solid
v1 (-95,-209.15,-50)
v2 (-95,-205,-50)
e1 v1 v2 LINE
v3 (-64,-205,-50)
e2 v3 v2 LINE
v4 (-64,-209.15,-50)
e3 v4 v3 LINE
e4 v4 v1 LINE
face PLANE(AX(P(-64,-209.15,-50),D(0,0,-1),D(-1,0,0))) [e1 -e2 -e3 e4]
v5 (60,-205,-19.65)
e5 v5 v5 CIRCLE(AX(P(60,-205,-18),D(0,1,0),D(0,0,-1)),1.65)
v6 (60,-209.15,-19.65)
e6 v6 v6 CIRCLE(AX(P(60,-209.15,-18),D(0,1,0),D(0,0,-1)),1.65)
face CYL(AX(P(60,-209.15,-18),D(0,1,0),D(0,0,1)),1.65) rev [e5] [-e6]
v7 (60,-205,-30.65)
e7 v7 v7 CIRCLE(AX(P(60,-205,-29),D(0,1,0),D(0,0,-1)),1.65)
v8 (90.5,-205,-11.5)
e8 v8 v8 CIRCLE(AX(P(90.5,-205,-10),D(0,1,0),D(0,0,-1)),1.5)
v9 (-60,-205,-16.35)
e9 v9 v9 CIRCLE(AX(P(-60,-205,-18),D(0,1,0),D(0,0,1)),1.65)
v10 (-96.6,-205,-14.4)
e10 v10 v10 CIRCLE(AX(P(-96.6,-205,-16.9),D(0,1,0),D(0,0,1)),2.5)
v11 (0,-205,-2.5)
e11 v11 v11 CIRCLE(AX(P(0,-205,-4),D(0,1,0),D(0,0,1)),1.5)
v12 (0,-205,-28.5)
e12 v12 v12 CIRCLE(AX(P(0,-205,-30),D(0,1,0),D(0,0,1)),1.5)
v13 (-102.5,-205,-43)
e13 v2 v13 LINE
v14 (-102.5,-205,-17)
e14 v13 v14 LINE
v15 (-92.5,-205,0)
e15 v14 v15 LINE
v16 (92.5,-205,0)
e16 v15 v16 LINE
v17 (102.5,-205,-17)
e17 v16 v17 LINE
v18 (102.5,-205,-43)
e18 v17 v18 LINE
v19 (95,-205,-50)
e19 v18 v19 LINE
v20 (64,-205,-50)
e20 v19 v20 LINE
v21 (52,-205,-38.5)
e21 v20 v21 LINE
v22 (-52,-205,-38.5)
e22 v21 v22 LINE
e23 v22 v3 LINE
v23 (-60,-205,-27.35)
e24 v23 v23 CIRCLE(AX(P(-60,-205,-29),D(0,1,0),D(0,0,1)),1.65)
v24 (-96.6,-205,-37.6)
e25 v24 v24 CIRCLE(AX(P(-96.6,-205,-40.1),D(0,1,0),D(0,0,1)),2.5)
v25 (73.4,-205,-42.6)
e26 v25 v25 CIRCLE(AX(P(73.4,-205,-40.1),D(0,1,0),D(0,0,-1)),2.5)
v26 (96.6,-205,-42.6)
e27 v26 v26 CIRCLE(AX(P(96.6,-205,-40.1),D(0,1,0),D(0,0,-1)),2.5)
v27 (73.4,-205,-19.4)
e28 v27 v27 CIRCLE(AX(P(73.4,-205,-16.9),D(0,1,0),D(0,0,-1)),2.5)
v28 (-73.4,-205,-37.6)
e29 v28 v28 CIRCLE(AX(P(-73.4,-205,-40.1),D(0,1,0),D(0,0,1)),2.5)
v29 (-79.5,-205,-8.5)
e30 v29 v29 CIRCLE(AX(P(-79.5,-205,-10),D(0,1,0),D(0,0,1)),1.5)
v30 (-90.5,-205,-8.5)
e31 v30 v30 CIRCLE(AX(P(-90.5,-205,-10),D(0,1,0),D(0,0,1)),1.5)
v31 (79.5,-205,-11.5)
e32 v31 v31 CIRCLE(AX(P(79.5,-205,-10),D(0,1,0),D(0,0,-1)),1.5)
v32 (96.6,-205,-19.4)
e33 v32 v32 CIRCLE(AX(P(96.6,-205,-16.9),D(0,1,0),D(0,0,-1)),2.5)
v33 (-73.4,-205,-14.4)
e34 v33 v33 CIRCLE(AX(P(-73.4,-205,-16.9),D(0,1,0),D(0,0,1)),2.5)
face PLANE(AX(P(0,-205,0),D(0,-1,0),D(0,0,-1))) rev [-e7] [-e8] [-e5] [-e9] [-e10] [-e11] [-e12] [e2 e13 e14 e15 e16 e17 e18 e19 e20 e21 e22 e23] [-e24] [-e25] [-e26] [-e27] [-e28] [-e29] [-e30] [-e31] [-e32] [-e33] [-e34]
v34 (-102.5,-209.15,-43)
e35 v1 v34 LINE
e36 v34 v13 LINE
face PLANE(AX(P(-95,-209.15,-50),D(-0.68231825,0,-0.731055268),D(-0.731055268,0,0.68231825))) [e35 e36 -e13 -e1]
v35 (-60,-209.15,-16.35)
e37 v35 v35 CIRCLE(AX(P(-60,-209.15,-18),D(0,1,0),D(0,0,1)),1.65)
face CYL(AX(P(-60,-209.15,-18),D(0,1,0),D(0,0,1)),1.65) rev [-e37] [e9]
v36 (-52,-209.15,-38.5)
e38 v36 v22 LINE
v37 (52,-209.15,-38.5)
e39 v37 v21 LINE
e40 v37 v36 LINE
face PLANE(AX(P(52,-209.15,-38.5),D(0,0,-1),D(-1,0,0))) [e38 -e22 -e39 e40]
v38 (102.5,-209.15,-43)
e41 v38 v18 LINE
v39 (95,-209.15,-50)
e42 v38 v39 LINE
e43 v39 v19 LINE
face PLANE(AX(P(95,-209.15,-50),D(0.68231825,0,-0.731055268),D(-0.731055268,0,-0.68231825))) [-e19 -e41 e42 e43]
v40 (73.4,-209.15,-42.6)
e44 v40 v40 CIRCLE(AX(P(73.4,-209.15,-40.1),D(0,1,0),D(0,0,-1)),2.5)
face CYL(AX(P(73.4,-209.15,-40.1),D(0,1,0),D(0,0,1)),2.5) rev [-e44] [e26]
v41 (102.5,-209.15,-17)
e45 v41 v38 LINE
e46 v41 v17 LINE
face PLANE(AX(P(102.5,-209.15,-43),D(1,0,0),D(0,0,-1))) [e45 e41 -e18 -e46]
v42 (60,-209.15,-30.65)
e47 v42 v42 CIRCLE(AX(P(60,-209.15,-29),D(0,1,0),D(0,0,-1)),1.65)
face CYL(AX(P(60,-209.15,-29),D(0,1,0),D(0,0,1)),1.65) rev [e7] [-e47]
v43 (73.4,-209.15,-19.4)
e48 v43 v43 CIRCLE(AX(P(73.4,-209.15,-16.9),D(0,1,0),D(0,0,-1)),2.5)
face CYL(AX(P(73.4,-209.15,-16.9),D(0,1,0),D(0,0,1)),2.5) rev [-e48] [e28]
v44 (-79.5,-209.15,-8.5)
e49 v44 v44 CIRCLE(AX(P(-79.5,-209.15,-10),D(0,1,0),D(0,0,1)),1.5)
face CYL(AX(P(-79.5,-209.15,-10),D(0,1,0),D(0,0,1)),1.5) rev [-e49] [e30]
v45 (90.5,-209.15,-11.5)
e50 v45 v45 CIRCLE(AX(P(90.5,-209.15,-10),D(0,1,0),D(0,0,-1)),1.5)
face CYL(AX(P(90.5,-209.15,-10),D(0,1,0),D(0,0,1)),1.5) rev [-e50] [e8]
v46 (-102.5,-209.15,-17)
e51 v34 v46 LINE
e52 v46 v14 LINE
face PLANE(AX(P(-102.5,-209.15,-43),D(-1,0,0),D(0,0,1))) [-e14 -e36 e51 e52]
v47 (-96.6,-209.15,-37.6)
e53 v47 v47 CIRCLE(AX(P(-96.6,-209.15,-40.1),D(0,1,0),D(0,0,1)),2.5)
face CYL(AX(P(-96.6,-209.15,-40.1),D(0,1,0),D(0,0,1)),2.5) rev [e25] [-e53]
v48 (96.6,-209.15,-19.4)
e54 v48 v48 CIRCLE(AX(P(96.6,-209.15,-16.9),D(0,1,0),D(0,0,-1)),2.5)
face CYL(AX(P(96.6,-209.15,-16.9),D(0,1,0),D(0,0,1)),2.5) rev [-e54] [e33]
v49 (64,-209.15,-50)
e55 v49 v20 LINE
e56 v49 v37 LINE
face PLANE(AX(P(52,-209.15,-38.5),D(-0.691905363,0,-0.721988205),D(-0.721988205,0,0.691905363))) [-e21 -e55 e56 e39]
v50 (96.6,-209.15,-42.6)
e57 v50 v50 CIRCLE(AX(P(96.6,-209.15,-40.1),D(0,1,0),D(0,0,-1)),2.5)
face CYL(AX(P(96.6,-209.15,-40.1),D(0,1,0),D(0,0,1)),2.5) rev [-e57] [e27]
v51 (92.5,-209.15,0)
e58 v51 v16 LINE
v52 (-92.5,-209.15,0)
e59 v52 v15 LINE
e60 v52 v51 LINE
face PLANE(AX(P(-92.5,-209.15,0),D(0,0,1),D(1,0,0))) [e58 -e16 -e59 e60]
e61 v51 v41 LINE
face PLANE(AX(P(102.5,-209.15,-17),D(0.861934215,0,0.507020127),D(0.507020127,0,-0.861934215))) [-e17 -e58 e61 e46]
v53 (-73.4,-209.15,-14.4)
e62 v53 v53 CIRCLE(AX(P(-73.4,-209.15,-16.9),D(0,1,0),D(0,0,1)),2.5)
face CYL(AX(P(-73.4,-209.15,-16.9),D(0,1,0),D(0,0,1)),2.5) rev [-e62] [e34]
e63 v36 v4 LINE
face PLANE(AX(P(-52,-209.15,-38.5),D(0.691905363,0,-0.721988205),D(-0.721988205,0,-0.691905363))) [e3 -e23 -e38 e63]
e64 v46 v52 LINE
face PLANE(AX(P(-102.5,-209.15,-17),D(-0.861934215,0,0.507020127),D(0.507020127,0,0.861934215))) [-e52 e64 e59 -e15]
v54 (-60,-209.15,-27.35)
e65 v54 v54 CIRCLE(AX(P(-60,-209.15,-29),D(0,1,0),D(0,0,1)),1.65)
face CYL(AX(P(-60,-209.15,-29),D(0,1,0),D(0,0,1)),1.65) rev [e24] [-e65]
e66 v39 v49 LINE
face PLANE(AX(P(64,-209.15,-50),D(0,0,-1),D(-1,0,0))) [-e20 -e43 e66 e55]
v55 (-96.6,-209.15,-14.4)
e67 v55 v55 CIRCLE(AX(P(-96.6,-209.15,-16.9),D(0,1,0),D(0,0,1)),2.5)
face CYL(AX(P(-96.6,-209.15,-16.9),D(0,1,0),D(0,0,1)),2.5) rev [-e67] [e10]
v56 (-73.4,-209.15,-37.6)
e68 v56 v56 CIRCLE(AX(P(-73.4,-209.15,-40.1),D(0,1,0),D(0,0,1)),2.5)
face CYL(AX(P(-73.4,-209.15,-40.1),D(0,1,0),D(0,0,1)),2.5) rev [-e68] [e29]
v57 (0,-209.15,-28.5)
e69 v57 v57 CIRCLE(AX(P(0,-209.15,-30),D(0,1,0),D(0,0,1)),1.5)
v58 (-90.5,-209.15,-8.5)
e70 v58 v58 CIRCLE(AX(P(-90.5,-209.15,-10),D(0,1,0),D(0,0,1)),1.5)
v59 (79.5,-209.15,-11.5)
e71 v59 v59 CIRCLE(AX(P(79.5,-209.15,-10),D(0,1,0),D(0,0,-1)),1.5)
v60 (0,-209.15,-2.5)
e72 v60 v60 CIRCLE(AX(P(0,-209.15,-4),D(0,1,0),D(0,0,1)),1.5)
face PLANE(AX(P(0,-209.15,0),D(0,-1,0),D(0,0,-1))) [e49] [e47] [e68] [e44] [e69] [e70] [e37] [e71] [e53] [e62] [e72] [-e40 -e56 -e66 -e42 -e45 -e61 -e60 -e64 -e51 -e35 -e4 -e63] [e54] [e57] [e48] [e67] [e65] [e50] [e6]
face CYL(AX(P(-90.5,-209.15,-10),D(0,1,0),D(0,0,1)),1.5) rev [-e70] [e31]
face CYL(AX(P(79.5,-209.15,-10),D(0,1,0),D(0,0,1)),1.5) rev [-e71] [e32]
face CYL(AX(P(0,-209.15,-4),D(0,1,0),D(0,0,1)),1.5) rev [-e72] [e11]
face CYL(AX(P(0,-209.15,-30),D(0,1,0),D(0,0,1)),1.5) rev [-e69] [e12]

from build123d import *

# Parameters (mm, degrees)
SKETCH1_R           = 2.5
SKETCH1_R_2         = 1.5
SKETCH1_R_3         = 1.65
BOSS_EXTRUDE1_DEPTH = 4.15


with BuildPart() as part:
    # Sketch1 → Boss-Extrude1 (new body)
    with BuildSketch(Plane(origin=(0, -205, 0), x_dir=(1, 0, 0), z_dir=(0, 1, 0))):
        Polygon((52, 38.5), (64, 50), (95, 50), (102.5, 43), (102.5, 17), (92.5, 0), (-92.5, 0), (-102.5, 17), (-102.5, 43), (-95, 50), (-64, 50), (-52, 38.5), align=None)
        with Locations(Location((-96.6, 40.1, 0), (0, 0, 270))):  # turned: the seam where the file's is
            Circle(SKETCH1_R, mode=Mode.SUBTRACT)
        with Locations(Location((-73.4, 40.1, 0), (0, 0, 270))):  # turned: the seam where the file's is
            Circle(SKETCH1_R, mode=Mode.SUBTRACT)
        with Locations(Location((-96.6, 16.9, 0), (0, 0, 270))):  # turned: the seam where the file's is
            Circle(SKETCH1_R, mode=Mode.SUBTRACT)
        with Locations(Location((-73.4, 16.9, 0), (0, 0, 270))):  # turned: the seam where the file's is
            Circle(SKETCH1_R, mode=Mode.SUBTRACT)
        with Locations(Location((-90.5, 10, 0), (0, 0, 270))):  # turned: the seam where the file's is
            Circle(SKETCH1_R_2, mode=Mode.SUBTRACT)
        with Locations(Location((-79.5, 10, 0), (0, 0, 270))):  # turned: the seam where the file's is
            Circle(SKETCH1_R_2, mode=Mode.SUBTRACT)
        with Locations(Location((-60, 29, 0), (0, 0, 270))):  # turned: the seam where the file's is
            Circle(SKETCH1_R_3, mode=Mode.SUBTRACT)
        with Locations(Location((-60, 18, 0), (0, 0, 270))):  # turned: the seam where the file's is
            Circle(SKETCH1_R_3, mode=Mode.SUBTRACT)
        with Locations(Location((0, 30, 0), (0, 0, 270))):  # turned: the seam where the file's is
            Circle(SKETCH1_R_2, mode=Mode.SUBTRACT)
        with Locations(Location((0, 4, 0), (0, 0, 270))):  # turned: the seam where the file's is
            Circle(SKETCH1_R_2, mode=Mode.SUBTRACT)
        with Locations(Location((73.4, 40.1, 0), (0, 0, 90))):  # turned: the seam where the file's is
            Circle(SKETCH1_R, mode=Mode.SUBTRACT)
        with Locations(Location((60, 29, 0), (0, 0, 90))):  # turned: the seam where the file's is
            Circle(SKETCH1_R_3, mode=Mode.SUBTRACT)
        with Locations(Location((60, 18, 0), (0, 0, 90))):  # turned: the seam where the file's is
            Circle(SKETCH1_R_3, mode=Mode.SUBTRACT)
        with Locations(Location((73.4, 16.9, 0), (0, 0, 90))):  # turned: the seam where the file's is
            Circle(SKETCH1_R, mode=Mode.SUBTRACT)
        with Locations(Location((79.5, 10, 0), (0, 0, 90))):  # turned: the seam where the file's is
            Circle(SKETCH1_R_2, mode=Mode.SUBTRACT)
        with Locations(Location((90.5, 10, 0), (0, 0, 90))):  # turned: the seam where the file's is
            Circle(SKETCH1_R_2, mode=Mode.SUBTRACT)
        with Locations(Location((96.6, 16.9, 0), (0, 0, 90))):  # turned: the seam where the file's is
            Circle(SKETCH1_R, mode=Mode.SUBTRACT)
        with Locations(Location((96.6, 40.1, 0), (0, 0, 90))):  # turned: the seam where the file's is
            Circle(SKETCH1_R, mode=Mode.SUBTRACT)
    extrude(amount=-BOSS_EXTRUDE1_DEPTH)


solid = part.part
